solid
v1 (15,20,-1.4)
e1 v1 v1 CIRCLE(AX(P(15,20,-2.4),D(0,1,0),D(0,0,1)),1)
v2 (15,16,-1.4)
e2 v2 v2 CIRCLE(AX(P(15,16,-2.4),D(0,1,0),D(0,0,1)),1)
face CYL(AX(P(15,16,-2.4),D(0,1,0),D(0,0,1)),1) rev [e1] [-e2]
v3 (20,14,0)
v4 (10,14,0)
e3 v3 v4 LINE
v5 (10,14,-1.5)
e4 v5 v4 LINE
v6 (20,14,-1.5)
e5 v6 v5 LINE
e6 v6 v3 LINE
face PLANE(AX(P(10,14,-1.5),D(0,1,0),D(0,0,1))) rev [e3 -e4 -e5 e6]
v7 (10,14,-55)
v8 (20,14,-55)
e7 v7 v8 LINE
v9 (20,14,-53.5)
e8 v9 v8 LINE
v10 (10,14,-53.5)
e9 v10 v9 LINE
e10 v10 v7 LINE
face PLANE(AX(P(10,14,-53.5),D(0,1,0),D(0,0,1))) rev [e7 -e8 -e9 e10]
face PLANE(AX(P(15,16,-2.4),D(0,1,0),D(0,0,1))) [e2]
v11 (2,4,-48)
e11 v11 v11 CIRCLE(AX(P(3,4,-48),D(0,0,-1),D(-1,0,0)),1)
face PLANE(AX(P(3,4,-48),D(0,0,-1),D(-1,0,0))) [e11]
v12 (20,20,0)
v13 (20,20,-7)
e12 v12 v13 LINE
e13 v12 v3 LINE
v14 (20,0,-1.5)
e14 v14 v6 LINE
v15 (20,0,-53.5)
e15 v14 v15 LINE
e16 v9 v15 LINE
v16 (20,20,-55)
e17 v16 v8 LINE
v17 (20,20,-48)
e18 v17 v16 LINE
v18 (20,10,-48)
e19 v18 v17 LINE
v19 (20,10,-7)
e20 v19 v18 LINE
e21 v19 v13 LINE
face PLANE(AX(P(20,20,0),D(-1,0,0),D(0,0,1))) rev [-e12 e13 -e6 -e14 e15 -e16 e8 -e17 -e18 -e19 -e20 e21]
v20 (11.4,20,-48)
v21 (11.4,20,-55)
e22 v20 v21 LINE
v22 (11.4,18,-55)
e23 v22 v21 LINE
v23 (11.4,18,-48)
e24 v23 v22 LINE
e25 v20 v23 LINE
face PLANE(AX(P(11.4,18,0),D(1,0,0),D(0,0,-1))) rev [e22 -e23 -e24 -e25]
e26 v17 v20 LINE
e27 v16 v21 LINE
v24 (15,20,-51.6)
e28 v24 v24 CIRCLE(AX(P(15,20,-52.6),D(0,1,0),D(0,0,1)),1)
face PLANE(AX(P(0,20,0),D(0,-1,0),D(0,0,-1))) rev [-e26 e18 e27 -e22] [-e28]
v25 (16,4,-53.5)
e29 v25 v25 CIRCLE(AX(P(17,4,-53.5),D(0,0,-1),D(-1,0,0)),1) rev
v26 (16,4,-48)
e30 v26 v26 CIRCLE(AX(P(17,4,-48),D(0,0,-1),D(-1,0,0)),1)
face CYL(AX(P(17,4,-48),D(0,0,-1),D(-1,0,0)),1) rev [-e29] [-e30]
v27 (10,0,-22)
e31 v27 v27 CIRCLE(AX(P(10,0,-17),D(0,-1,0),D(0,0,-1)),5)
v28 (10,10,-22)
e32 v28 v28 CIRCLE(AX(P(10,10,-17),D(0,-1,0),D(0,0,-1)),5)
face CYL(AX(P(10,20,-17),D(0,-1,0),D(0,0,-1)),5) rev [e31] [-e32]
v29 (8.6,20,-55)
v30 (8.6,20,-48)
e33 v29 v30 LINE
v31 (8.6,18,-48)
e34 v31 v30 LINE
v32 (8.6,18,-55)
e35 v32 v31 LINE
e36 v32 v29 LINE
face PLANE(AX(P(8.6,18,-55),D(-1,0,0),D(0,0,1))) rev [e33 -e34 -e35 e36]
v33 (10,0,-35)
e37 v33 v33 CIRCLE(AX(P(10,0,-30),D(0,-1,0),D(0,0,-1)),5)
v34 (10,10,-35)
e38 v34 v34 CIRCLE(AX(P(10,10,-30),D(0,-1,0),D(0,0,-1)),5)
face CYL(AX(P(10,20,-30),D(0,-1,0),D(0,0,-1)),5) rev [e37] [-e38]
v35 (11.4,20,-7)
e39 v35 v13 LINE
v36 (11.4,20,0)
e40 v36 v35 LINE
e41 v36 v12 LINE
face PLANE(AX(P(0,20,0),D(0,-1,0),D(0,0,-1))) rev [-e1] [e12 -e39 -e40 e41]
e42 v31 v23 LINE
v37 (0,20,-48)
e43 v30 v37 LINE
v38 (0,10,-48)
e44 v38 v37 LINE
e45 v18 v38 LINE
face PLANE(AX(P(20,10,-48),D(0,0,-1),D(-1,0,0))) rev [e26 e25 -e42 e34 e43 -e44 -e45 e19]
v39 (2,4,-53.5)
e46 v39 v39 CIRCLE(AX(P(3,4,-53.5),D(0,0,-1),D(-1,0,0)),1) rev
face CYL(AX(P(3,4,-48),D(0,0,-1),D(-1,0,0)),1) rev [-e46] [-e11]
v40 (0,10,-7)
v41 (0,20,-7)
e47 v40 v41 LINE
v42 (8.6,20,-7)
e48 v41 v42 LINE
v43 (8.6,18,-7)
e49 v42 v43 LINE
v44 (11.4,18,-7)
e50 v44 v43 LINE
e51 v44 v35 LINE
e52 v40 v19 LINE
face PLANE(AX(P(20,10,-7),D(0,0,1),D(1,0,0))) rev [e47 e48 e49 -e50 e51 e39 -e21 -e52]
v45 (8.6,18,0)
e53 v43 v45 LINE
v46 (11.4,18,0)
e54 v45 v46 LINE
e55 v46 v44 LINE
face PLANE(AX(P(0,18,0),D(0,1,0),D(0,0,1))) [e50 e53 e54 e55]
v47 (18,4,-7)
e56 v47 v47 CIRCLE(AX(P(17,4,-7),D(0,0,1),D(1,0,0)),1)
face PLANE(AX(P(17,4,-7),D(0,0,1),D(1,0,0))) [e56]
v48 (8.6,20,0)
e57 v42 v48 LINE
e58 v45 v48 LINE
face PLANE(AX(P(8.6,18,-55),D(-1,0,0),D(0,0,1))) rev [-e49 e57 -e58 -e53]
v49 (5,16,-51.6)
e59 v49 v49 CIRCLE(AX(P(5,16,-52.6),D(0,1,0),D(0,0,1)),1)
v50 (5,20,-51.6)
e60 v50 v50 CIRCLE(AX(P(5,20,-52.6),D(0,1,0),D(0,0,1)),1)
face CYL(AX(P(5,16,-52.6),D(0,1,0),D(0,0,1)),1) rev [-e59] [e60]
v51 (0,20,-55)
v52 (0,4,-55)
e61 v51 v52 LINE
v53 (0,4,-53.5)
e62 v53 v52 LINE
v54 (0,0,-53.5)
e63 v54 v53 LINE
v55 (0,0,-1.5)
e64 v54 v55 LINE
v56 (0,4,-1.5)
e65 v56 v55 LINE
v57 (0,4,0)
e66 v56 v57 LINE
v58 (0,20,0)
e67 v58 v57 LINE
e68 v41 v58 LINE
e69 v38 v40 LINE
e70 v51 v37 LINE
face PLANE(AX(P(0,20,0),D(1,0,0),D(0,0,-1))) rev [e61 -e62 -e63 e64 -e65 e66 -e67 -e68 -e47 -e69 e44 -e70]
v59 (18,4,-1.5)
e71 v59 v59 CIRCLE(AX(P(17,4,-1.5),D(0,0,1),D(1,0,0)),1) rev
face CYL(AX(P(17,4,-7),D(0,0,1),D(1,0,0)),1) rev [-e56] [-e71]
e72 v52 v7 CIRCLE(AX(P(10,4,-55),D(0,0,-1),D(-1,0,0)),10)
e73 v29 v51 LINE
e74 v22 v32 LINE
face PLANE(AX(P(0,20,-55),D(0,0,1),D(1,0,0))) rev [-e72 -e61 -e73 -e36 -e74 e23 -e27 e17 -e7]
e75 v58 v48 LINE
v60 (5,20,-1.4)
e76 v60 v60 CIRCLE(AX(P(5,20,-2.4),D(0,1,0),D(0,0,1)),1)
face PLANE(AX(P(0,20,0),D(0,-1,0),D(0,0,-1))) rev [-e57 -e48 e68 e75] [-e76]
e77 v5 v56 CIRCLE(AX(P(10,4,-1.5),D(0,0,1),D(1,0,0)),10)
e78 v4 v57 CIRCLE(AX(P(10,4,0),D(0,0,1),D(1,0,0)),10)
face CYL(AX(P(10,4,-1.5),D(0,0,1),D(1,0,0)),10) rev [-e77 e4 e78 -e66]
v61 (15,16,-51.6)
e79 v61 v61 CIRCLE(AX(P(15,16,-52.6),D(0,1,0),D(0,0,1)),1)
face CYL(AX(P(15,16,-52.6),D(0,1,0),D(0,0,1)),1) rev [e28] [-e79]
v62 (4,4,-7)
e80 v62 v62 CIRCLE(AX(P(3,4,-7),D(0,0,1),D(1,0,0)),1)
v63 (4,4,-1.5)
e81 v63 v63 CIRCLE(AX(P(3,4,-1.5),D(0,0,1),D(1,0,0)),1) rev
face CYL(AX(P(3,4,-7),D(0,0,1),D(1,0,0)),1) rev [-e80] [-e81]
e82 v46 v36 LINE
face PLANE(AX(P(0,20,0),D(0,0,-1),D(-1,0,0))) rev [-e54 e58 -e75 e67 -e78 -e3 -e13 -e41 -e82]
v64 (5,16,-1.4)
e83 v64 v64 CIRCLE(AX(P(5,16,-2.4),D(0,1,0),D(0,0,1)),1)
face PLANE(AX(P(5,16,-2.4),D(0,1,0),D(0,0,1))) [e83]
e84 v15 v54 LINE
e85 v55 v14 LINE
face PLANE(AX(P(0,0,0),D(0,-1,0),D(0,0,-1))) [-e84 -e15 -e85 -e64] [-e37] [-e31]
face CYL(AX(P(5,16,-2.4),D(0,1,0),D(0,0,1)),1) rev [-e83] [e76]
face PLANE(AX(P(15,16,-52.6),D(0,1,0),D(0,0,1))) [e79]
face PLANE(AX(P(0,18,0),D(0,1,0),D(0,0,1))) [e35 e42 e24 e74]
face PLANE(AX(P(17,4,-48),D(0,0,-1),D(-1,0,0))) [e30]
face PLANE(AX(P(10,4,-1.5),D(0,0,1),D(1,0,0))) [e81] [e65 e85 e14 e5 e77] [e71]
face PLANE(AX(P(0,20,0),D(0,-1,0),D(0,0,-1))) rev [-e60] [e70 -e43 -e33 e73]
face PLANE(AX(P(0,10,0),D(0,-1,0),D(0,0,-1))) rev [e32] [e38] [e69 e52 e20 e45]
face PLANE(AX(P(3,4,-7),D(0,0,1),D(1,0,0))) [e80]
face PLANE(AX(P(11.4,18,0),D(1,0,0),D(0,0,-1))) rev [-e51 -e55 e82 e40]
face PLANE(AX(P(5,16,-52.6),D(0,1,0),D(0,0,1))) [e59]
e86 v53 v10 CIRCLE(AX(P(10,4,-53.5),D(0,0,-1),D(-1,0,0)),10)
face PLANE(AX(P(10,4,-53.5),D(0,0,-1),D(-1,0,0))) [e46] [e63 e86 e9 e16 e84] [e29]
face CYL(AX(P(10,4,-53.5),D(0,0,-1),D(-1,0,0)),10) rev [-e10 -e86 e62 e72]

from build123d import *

# Parameters (mm, degrees)
SKETCH_1_W          = 20
SKETCH_1_H          = 55
EXTRUDE_1_DEPTH     = 20
SKETCH_2_W          = 20
SKETCH_2_H          = 41
CUT_EXTRUDE_1_DEPTH = 10
SKETCH_3_W          = 2.8
SKETCH_3_H          = 55
CUT_EXTRUDE_2_DEPTH = 2
SKETCH_4_R          = 1
CUT_EXTRUDE_3_DEPTH = 4
SKETCH_5_R          = 5
CUT_EXTRUDE_4_DEPTH = 62.846584384
SKETCH_6_R          = 1
CUT_EXTRUDE_5_DEPTH = 7
CUT_EXTRUDE_START   = -7
SKETCH_7_R          = 1
CUT_EXTRUDE_6_DEPTH = 7
CUT_EXTRUDE_7_DEPTH = 1.5
CUT_EXTRUDE_START_2 = -1.5
CUT_EXTRUDE_8_DEPTH = 1.5


with BuildPart() as part:
    # Эскиз1 → Бобышка-Вытянуть1 (new body)
    with BuildSketch(Plane(origin=(0, 0, 0), x_dir=(1, 0, 0), z_dir=(0, 1, 0))):
        with Locations((10, 27.5)):
            Rectangle(SKETCH_1_W, SKETCH_1_H)
    extrude(amount=EXTRUDE_1_DEPTH)

    # Эскиз2 → Вырез-Вытянуть1 (cut)
    with BuildSketch(Plane(origin=(0, 20, 0), x_dir=(1, 0, 0), z_dir=(0, 1, 0))):
        with Locations((10, 27.5)):
            Rectangle(SKETCH_2_W, SKETCH_2_H)
    extrude(amount=-CUT_EXTRUDE_1_DEPTH, mode=Mode.SUBTRACT)

    # Эскиз3 → Вырез-Вытянуть2 (cut)
    with BuildSketch(Plane(origin=(0, 20, 0), x_dir=(1, 0, 0), z_dir=(0, 1, 0))):
        with Locations((10, 27.5)):
            Rectangle(SKETCH_3_W, SKETCH_3_H)
    extrude(amount=-CUT_EXTRUDE_2_DEPTH, mode=Mode.SUBTRACT)

    # Эскиз4 → Вырез-Вытянуть3 (cut)
    with BuildSketch(Plane(origin=(0, 20, 0), x_dir=(1, 0, 0), z_dir=(0, 1, 0))):
        with Locations(Location((15, 52.6, 0), (0, 0, 270))):
            Circle(SKETCH_4_R)
        with Locations(Location((5, 52.6, 0), (0, 0, 270))):
            Circle(SKETCH_4_R)
        with Locations(Location((15, 2.4, 0), (0, 0, 270))):
            Circle(SKETCH_4_R)
        with Locations(Location((5, 2.4, 0), (0, 0, 270))):
            Circle(SKETCH_4_R)
    extrude(amount=-CUT_EXTRUDE_3_DEPTH, mode=Mode.SUBTRACT)

    # Эскиз5 → Вырез-Вытянуть4 (cut, through all)
    with BuildSketch(Plane.XZ):
        with Locations(Location((10, -17, 0), (0, 0, 270))):
            Circle(SKETCH_5_R)
        with Locations(Location((10, -30, 0), (0, 0, 270))):
            Circle(SKETCH_5_R)
    extrude(amount=-CUT_EXTRUDE_4_DEPTH, mode=Mode.SUBTRACT)

    # Эскиз6 → Вырез-Вытянуть5 (cut)
    with BuildSketch(Plane(origin=(0, 0, -55), x_dir=(-1, 0, 0), z_dir=(0, 0, -1))):
        with Locations((-17, 4)):
            Circle(SKETCH_6_R)
        with Locations((-3, 4)):
            Circle(SKETCH_6_R)
    extrude(amount=-CUT_EXTRUDE_5_DEPTH, mode=Mode.SUBTRACT)

    # Эскиз7 → Вырез-Вытянуть6 (cut)
    with BuildSketch(Plane.XY.offset(CUT_EXTRUDE_START)):
        with Locations(Location((3, 4, 0), (0, 0, 180))):
            Circle(SKETCH_7_R)
        with Locations(Location((17, 4, 0), (0, 0, 180))):
            Circle(SKETCH_7_R)
    extrude(amount=CUT_EXTRUDE_6_DEPTH, mode=Mode.SUBTRACT)

    # Эскиз8 → Вырез-Вытянуть7 (cut)
    with BuildSketch(Plane(origin=(0, 0, -55), x_dir=(-1, 0, 0), z_dir=(0, 0, -1))):
        with BuildLine():
            Line((-10, 14), (-20, 14))
            Line((-20, 14), (-20, 0))
            Line((-20, 0), (0, 0))
            Line((0, 0), (0, 4))
            ThreePointArc((0, 4), (-2.928932188, 11.071067812), (-10, 14))
        make_face()
    extrude(amount=-CUT_EXTRUDE_7_DEPTH, mode=Mode.SUBTRACT)

    # Эскиз9 → Вырез-Вытянуть8 (cut)
    with BuildSketch(Plane.XY.offset(CUT_EXTRUDE_START_2)):
        with BuildLine():
            Line((0, 4), (0, 0))
            Line((0, 0), (20, 0))
            Line((20, 0), (20, 14))
            Line((20, 14), (10, 14))
            ThreePointArc((10, 14), (2.928932188, 11.071067812), (0, 4))
        make_face()
    extrude(amount=CUT_EXTRUDE_8_DEPTH, mode=Mode.SUBTRACT)


solid = part.part
